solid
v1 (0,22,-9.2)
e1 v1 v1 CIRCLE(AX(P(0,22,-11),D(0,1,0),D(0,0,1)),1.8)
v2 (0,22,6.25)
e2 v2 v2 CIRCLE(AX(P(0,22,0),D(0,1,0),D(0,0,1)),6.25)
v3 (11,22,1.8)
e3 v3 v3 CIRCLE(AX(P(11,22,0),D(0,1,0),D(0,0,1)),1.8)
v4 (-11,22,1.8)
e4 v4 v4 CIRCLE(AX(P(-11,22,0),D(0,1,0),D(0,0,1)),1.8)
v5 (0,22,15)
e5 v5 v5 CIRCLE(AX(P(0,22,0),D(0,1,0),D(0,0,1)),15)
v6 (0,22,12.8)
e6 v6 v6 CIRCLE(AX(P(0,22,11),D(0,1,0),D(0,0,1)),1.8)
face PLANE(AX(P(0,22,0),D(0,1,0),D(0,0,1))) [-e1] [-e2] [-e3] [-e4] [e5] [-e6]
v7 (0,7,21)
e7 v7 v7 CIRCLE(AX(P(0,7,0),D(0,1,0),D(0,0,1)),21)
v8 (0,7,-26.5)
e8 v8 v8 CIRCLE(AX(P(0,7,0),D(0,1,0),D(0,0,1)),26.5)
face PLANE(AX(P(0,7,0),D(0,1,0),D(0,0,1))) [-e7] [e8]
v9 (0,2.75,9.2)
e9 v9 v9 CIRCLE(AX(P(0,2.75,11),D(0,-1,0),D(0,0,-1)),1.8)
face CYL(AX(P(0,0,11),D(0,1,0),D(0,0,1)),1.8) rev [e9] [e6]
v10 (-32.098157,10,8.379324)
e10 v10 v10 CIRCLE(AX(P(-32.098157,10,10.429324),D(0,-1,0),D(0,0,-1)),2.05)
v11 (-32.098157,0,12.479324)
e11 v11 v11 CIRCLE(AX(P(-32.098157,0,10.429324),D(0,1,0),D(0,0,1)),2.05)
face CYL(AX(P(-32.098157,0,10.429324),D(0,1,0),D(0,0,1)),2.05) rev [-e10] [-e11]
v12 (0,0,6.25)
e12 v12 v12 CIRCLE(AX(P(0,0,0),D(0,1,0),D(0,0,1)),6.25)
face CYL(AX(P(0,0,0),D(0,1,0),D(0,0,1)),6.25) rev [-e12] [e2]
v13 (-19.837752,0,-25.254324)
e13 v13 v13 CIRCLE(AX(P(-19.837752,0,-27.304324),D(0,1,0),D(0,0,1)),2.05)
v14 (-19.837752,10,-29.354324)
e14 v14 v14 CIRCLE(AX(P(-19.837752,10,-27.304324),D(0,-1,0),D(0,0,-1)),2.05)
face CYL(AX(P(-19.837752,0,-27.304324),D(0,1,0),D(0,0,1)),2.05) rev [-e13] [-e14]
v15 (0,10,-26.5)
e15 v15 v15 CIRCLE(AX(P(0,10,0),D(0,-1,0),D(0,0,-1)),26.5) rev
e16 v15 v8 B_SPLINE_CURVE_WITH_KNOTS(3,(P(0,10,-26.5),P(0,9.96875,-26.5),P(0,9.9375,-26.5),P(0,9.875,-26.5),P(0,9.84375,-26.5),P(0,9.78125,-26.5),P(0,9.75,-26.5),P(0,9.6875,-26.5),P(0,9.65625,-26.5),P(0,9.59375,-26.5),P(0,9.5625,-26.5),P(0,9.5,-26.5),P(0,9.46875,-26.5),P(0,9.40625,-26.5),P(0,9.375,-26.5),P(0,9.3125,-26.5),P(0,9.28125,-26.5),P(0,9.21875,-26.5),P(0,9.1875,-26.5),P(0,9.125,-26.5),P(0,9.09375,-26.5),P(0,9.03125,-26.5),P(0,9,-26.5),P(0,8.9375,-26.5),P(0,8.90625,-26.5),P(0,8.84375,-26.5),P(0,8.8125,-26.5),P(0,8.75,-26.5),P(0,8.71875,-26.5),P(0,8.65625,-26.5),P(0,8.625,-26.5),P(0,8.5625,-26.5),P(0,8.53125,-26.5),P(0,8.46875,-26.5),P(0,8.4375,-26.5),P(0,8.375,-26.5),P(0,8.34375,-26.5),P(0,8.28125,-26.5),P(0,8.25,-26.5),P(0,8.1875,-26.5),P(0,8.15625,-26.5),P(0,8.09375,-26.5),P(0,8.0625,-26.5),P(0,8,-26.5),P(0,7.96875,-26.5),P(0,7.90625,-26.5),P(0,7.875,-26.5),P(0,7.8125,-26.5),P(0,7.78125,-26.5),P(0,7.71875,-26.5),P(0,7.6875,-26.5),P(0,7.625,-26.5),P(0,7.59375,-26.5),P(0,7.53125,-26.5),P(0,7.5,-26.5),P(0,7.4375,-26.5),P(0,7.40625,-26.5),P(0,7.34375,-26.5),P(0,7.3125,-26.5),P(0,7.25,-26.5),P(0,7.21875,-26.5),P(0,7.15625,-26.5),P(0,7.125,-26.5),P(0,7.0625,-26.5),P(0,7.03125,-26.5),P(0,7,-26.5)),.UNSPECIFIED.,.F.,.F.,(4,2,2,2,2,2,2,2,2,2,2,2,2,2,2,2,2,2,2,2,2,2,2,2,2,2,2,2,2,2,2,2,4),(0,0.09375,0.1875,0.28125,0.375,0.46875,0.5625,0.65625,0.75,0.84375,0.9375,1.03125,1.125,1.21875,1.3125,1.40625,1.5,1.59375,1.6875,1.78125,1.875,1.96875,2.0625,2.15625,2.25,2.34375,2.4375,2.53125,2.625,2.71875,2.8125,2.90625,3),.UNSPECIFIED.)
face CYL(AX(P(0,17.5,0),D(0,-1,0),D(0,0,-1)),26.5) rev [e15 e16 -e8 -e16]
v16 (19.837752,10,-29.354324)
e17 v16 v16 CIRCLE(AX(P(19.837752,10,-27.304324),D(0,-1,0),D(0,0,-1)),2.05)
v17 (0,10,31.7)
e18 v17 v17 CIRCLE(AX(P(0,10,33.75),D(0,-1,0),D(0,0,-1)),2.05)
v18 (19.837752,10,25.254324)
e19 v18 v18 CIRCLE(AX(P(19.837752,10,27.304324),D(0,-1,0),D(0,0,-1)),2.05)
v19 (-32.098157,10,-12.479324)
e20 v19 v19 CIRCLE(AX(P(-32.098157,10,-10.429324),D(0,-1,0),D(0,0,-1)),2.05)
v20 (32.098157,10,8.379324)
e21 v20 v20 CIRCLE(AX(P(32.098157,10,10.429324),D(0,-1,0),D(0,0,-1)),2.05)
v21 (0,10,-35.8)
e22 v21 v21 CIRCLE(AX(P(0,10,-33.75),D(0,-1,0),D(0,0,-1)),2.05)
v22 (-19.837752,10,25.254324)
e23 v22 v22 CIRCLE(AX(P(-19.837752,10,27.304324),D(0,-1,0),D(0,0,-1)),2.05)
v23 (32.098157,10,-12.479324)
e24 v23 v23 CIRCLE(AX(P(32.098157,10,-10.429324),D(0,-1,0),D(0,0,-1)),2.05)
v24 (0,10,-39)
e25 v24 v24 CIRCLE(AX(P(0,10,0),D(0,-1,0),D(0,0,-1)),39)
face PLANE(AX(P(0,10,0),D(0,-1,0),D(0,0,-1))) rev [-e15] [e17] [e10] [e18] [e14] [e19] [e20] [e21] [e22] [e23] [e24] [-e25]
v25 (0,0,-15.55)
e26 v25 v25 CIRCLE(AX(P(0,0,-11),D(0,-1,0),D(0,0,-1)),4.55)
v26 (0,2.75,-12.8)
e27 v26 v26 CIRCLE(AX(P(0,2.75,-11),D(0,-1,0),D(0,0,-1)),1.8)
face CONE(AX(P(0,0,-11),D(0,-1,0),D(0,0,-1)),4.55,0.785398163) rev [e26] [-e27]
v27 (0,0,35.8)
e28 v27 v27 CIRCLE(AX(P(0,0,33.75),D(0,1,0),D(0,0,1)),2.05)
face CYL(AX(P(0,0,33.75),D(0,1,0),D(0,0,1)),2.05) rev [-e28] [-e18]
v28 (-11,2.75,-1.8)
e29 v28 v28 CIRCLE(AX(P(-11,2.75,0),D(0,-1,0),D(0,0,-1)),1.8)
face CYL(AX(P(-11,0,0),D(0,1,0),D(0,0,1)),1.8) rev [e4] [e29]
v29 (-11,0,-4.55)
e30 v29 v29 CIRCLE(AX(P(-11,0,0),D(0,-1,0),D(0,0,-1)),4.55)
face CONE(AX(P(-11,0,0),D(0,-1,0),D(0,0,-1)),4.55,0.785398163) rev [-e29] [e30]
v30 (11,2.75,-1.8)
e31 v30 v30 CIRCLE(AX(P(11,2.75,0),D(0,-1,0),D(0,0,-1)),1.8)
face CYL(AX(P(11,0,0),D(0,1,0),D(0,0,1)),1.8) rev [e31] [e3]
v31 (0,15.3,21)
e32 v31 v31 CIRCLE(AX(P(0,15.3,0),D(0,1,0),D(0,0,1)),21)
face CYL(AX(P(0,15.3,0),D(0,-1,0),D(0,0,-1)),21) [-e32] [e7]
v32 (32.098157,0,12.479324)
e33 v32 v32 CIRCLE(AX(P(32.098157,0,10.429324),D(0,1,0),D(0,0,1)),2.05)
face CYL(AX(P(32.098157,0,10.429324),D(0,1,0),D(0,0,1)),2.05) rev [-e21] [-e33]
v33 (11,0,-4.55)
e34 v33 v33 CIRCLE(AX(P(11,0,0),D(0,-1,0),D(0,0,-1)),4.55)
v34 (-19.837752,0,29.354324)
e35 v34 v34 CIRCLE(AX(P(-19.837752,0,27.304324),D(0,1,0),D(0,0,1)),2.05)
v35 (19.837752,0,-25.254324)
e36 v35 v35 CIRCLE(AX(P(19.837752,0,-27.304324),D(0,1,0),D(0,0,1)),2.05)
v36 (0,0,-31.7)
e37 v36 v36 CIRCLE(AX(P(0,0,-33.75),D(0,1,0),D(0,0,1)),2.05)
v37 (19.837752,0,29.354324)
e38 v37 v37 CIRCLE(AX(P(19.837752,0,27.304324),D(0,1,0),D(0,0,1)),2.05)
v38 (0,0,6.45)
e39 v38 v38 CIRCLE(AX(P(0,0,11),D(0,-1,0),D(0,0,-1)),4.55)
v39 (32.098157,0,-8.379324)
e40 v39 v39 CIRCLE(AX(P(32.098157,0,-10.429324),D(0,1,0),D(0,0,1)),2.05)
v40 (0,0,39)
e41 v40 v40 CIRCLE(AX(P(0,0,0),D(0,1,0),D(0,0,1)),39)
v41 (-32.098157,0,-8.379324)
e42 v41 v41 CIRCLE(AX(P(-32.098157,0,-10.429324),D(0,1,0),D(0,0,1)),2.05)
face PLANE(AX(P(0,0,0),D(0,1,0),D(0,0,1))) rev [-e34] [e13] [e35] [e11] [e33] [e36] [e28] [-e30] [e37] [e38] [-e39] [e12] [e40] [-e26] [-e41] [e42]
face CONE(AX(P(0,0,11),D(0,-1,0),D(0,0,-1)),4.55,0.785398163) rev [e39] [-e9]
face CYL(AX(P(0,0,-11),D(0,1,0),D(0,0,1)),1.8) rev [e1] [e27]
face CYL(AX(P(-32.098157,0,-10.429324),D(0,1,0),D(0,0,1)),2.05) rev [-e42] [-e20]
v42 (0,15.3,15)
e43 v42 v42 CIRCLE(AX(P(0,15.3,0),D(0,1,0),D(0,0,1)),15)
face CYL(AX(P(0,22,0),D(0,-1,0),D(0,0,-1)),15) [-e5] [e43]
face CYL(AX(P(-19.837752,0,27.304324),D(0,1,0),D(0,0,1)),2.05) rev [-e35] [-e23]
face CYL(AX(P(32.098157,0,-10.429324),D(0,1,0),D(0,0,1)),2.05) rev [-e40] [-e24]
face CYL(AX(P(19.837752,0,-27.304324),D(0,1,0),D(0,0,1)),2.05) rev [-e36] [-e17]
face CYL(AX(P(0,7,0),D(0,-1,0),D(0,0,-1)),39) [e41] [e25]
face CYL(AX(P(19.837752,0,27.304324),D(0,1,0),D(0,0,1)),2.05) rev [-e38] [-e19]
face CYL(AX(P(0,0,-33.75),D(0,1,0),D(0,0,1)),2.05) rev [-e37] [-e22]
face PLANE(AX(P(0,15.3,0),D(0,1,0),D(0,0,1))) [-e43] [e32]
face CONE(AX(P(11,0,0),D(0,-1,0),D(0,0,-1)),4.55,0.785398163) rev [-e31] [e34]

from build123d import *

# Parameters (mm, degrees)
SKETCH1_R                                           = 39
BOSS_EXTRUDE1_DEPTH                                 = 7
SKETCH3_R                                           = 17.5
BOSS_EXTRUDE2_DEPTH                                 = 1
SKETCH4_R                                           = 15
BOSS_EXTRUDE3_DEPTH                                 = 14
SKETCH5_R                                           = 6.25
SKETCH5_R_2                                         = 1.8
CUT_EXTRUDE1_DEPTH                                  = 60.380131357
CSK_FOR_M4_COUNTERSUNK_FLAT_HEAD_SCREW1_D           = 3.5
CSK_FOR_M4_COUNTERSUNK_FLAT_HEAD_SCREW1_CSINK_D     = 9.1
CSK_FOR_M4_COUNTERSUNK_FLAT_HEAD_SCREW1_CSINK_ANGLE = 90
SKETCH7_R                                           = 28.5
SKETCH7_R_2                                         = 26.5
BOSS_EXTRUDE4_DEPTH                                 = 10.5
CUT_EXTRUDE2_START                                  = -1
SKETCH8_R                                           = 26.5
SKETCH8_R_2                                         = 17.5
CUT_EXTRUDE2_DEPTH                                  = 1
SKETCH9_R                                           = 2.05
CUT_EXTRUDE3_DEPTH                                  = 58.157676676
BOSS_EXTRUDE5_DEPTH                                 = 10.5
CUT_EXTRUDE4_DEPTH                                  = 58.157676676
FILLET1_R                                           = 1
BOSS_EXTRUDE6_START                                 = -10
SKETCH12_R                                          = 39
SKETCH12_R_2                                        = 2.05
SKETCH12_R_3                                        = 19.105693395
BOSS_EXTRUDE6_DEPTH                                 = 10
SKETCH18_R                                          = 21
SKETCH18_R_2                                        = 15
BOSS_EXTRUDE9_DEPTH                                 = 9.3
CUT_EXTRUDE5_START                                  = -3
SKETCH19_R                                          = 26.5
SKETCH19_R_2                                        = 21
CUT_EXTRUDE5_DEPTH                                  = 3
CUT_EXTRUDE6_START                                  = -7.5
SKETCH20_R                                          = 36.5
SKETCH20_R_2                                        = 28.5
CUT_EXTRUDE6_DEPTH                                  = 7.5
CUT_EXTRUDE7_START                                  = -12
SKETCH21_R                                          = 28.5
SKETCH21_R_2                                        = 26.5
CUT_EXTRUDE7_DEPTH                                  = 12


with BuildPart() as part:
    # Sketch1 → Boss-Extrude1 (new body)
    with BuildSketch(Plane(origin=(0, 0, 0), x_dir=(1, 0, 0), z_dir=(0, 1, 0))):
        with Locations(Location((0, 0, 0), (0, 0, 270))):
            Circle(SKETCH1_R)
    extrude(amount=BOSS_EXTRUDE1_DEPTH)

    # Sketch3 → Boss-Extrude2 (add)
    with BuildSketch(Plane(origin=(0, 7, 0), x_dir=(1, 0, 0), z_dir=(0, 1, 0))):
        with Locations(Location((0, 0, 0), (0, 0, 270))):
            Circle(SKETCH3_R)
    extrude(amount=BOSS_EXTRUDE2_DEPTH)

    # Sketch4 → Boss-Extrude3 (add)
    with BuildSketch(Plane(origin=(0, 8, 0), x_dir=(1, 0, 0), z_dir=(0, 1, 0))):
        with Locations(Location((0, 0, 0), (0, 0, 270))):
            Circle(SKETCH4_R)
    extrude(amount=BOSS_EXTRUDE3_DEPTH)

    # Sketch5 → Cut-Extrude1 (cut, through all)
    with BuildSketch(Plane(origin=(0, 22, 0), x_dir=(1, 0, 0), z_dir=(0, 1, 0))):
        with Locations(Location((0, 0, 0), (0, 0, 270))):
            Circle(SKETCH5_R)
        with Locations(Location((0, 11, 0), (0, 0, 270))):
            Circle(SKETCH5_R_2)
        with Locations(Location((11, 0, 0), (0, 0, 270))):
            Circle(SKETCH5_R_2)
        with Locations(Location((0, -11, 0), (0, 0, 270))):
            Circle(SKETCH5_R_2)
        with Locations(Location((-11, 0, 0), (0, 0, 270))):
            Circle(SKETCH5_R_2)
    extrude(amount=-CUT_EXTRUDE1_DEPTH, mode=Mode.SUBTRACT)

    # CSK for M4 Countersunk Flat Head Screw1 (through all)
    with Locations(Plane(origin=(11, 0, 0), x_dir=(0, 0, -1), z_dir=(0, -1, 0))):
        with Locations((0, 0), (11, -11), (0, -22), (-11, -11)):
            CounterSinkHole(CSK_FOR_M4_COUNTERSUNK_FLAT_HEAD_SCREW1_D / 2, CSK_FOR_M4_COUNTERSUNK_FLAT_HEAD_SCREW1_CSINK_D / 2, counter_sink_angle=CSK_FOR_M4_COUNTERSUNK_FLAT_HEAD_SCREW1_CSINK_ANGLE)

    # Sketch7 → Boss-Extrude4 (add)
    with BuildSketch(Plane(origin=(0, 7, 0), x_dir=(1, 0, 0), z_dir=(0, 1, 0))):
        with Locations(Location((0, 0, 0), (0, 0, 90))):
            Circle(SKETCH7_R)
        with Locations(Location((0, 0, 0), (0, 0, 90))):
            Circle(SKETCH7_R_2, mode=Mode.SUBTRACT)
    extrude(amount=BOSS_EXTRUDE4_DEPTH)

    # Sketch8 → Cut-Extrude2 (cut)
    with BuildSketch(Plane(origin=(0, 7, 0), x_dir=(1, 0, 0), z_dir=(0, 1, 0)).offset(CUT_EXTRUDE2_START)):
        with Locations(Location((0, 0, 0), (0, 0, 90))):
            Circle(SKETCH8_R)
        with Locations(Location((0, 0, 0), (0, 0, 270))):
            Circle(SKETCH8_R_2, mode=Mode.SUBTRACT)
    extrude(amount=CUT_EXTRUDE2_DEPTH, mode=Mode.SUBTRACT)

    # Sketch9 → Cut-Extrude3 (cut, through all)
    with BuildSketch(Plane(origin=(0, 7, 0), x_dir=(1, 0, 0), z_dir=(0, 1, 0))):
        with Locations(Location((0, 33.75, 0), (0, 0, 270))):
            Circle(SKETCH9_R)
        with Locations(Location((19.837752265, 27.30432356, 0), (0, 0, 270))):
            Circle(SKETCH9_R)
        with Locations(Location((32.098157425, 10.42932356, 0), (0, 0, 270))):
            Circle(SKETCH9_R)
        with Locations(Location((32.098157425, -10.42932356, 0), (0, 0, 270))):
            Circle(SKETCH9_R)
        with Locations(Location((19.837752265, -27.30432356, 0), (0, 0, 270))):
            Circle(SKETCH9_R)
        with Locations(Location((0, -33.75, 0), (0, 0, 270))):
            Circle(SKETCH9_R)
        with Locations(Location((-19.837752265, -27.30432356, 0), (0, 0, 270))):
            Circle(SKETCH9_R)
        with Locations(Location((-32.098157425, -10.42932356, 0), (0, 0, 270))):
            Circle(SKETCH9_R)
        with Locations(Location((-32.098157425, 10.42932356, 0), (0, 0, 270))):
            Circle(SKETCH9_R)
        with Locations(Location((-19.837752265, 27.30432356, 0), (0, 0, 270))):
            Circle(SKETCH9_R)
    extrude(amount=-CUT_EXTRUDE3_DEPTH, mode=Mode.SUBTRACT)

    # Sketch10 → Boss-Extrude5 (add)
    with BuildSketch(Plane(origin=(0, 7, 0), x_dir=(1, 0, 0), z_dir=(0, 1, 0))):
        with BuildLine():
            Line((-33.5, 3), (-28.341665442, 3))
            ThreePointArc((-28.341665442, 3), (-28.5, 0), (-28.341665442, -3))
            Line((-28.341665442, -3), (-33.5, -3))
            ThreePointArc((-33.5, -3), (-36.5, 0), (-33.5, 3))
        make_face()
    extrude(amount=BOSS_EXTRUDE5_DEPTH)

    # Sketch11 → Cut-Extrude4 (cut, through all)
    with BuildSketch(Plane(origin=(0, 7, 0), x_dir=(1, 0, 0), z_dir=(0, 1, 0))):
        with BuildLine():
            Line((35, 4.55), (38.73367398, 4.55))
            ThreePointArc((38.73367398, 4.55), (39, 0), (38.73367398, -4.55))
            Line((38.73367398, -4.55), (35, -4.55))
            ThreePointArc((35, -4.55), (30.45, 0), (35, 4.55))
        make_face()
    extrude(amount=-CUT_EXTRUDE4_DEPTH, mode=Mode.SUBTRACT)

    # Fillet1
    fillet1_edges = [part.edges().sort_by_distance(p)[0] for p in [
        (38.73367398, 3.5, -4.55),
        (38.73367398, 3.5, 4.55),
    ]]
    fillet(fillet1_edges, radius=FILLET1_R)

    # Sketch12 → Boss-Extrude6 (add)
    with BuildSketch(Plane.XZ.offset(BOSS_EXTRUDE6_START)):
        with Locations(Location((0, 0, 0), (0, 0, 270))):
            Circle(SKETCH12_R)
        with Locations(Location((0, 33.75, 0), (0, 0, 90))):
            Circle(SKETCH12_R_2, mode=Mode.SUBTRACT)
        with Locations(Location((0, 0, 0), (0, 0, 270))):
            Circle(SKETCH12_R_3, mode=Mode.SUBTRACT)
        with Locations(Location((19.837752265, 27.30432356, 0), (0, 0, 90))):
            Circle(SKETCH12_R_2, mode=Mode.SUBTRACT)
        with Locations(Location((32.098157425, 10.42932356, 0), (0, 0, 90))):
            Circle(SKETCH12_R_2, mode=Mode.SUBTRACT)
        with Locations(Location((32.098157425, -10.42932356, 0), (0, 0, 90))):
            Circle(SKETCH12_R_2, mode=Mode.SUBTRACT)
        with Locations(Location((19.837752265, -27.30432356, 0), (0, 0, 90))):
            Circle(SKETCH12_R_2, mode=Mode.SUBTRACT)
        with Locations(Location((0, -33.75, 0), (0, 0, 90))):
            Circle(SKETCH12_R_2, mode=Mode.SUBTRACT)
        with Locations(Location((-19.837752265, -27.30432356, 0), (0, 0, 90))):
            Circle(SKETCH12_R_2, mode=Mode.SUBTRACT)
        with Locations(Location((-32.098157425, -10.42932356, 0), (0, 0, 90))):
            Circle(SKETCH12_R_2, mode=Mode.SUBTRACT)
        with Locations(Location((-32.098157425, 10.42932356, 0), (0, 0, 90))):
            Circle(SKETCH12_R_2, mode=Mode.SUBTRACT)
        with Locations(Location((-19.837752265, 27.30432356, 0), (0, 0, 90))):
            Circle(SKETCH12_R_2, mode=Mode.SUBTRACT)
    extrude(amount=BOSS_EXTRUDE6_DEPTH)

    # Sketch18 → Boss-Extrude9 (add)
    with BuildSketch(Plane(origin=(0, 6, 0), x_dir=(1, 0, 0), z_dir=(0, 1, 0))):
        with Locations(Location((0, 0, 0), (0, 0, 90))):
            Circle(SKETCH18_R)
        with Locations(Location((0, 0, 0), (0, 0, 270))):
            Circle(SKETCH18_R_2, mode=Mode.SUBTRACT)
    extrude(amount=BOSS_EXTRUDE9_DEPTH)

    # Sketch19 → Cut-Extrude5 (cut)
    with BuildSketch(Plane(origin=(0, 10, 0), x_dir=(1, 0, 0), z_dir=(0, 1, 0)).offset(CUT_EXTRUDE5_START)):
        with Locations(Location((0, 0, 0), (0, 0, 90))):
            Circle(SKETCH19_R)
        with Locations(Location((0, 0, 0), (0, 0, 270))):
            Circle(SKETCH19_R_2, mode=Mode.SUBTRACT)
    extrude(amount=CUT_EXTRUDE5_DEPTH, mode=Mode.SUBTRACT)

    # Sketch20 → Cut-Extrude6 (cut)
    with BuildSketch(Plane(origin=(0, 17.5, 0), x_dir=(1, 0, 0), z_dir=(0, 1, 0)).offset(CUT_EXTRUDE6_START)):
        Circle(SKETCH20_R)
        with Locations(Location((0, 0, 0), (0, 0, 90))):
            Circle(SKETCH20_R_2, mode=Mode.SUBTRACT)
    extrude(amount=CUT_EXTRUDE6_DEPTH, mode=Mode.SUBTRACT)

    # Sketch21 → Cut-Extrude7 (cut)
    with BuildSketch(Plane(origin=(0, 22, 0), x_dir=(1, 0, 0), z_dir=(0, 1, 0)).offset(CUT_EXTRUDE7_START)):
        Circle(SKETCH21_R)
        with Locations(Location((0, 0, 0), (0, 0, 90))):
            Circle(SKETCH21_R_2, mode=Mode.SUBTRACT)
    extrude(amount=CUT_EXTRUDE7_DEPTH, mode=Mode.SUBTRACT)


solid = part.part
